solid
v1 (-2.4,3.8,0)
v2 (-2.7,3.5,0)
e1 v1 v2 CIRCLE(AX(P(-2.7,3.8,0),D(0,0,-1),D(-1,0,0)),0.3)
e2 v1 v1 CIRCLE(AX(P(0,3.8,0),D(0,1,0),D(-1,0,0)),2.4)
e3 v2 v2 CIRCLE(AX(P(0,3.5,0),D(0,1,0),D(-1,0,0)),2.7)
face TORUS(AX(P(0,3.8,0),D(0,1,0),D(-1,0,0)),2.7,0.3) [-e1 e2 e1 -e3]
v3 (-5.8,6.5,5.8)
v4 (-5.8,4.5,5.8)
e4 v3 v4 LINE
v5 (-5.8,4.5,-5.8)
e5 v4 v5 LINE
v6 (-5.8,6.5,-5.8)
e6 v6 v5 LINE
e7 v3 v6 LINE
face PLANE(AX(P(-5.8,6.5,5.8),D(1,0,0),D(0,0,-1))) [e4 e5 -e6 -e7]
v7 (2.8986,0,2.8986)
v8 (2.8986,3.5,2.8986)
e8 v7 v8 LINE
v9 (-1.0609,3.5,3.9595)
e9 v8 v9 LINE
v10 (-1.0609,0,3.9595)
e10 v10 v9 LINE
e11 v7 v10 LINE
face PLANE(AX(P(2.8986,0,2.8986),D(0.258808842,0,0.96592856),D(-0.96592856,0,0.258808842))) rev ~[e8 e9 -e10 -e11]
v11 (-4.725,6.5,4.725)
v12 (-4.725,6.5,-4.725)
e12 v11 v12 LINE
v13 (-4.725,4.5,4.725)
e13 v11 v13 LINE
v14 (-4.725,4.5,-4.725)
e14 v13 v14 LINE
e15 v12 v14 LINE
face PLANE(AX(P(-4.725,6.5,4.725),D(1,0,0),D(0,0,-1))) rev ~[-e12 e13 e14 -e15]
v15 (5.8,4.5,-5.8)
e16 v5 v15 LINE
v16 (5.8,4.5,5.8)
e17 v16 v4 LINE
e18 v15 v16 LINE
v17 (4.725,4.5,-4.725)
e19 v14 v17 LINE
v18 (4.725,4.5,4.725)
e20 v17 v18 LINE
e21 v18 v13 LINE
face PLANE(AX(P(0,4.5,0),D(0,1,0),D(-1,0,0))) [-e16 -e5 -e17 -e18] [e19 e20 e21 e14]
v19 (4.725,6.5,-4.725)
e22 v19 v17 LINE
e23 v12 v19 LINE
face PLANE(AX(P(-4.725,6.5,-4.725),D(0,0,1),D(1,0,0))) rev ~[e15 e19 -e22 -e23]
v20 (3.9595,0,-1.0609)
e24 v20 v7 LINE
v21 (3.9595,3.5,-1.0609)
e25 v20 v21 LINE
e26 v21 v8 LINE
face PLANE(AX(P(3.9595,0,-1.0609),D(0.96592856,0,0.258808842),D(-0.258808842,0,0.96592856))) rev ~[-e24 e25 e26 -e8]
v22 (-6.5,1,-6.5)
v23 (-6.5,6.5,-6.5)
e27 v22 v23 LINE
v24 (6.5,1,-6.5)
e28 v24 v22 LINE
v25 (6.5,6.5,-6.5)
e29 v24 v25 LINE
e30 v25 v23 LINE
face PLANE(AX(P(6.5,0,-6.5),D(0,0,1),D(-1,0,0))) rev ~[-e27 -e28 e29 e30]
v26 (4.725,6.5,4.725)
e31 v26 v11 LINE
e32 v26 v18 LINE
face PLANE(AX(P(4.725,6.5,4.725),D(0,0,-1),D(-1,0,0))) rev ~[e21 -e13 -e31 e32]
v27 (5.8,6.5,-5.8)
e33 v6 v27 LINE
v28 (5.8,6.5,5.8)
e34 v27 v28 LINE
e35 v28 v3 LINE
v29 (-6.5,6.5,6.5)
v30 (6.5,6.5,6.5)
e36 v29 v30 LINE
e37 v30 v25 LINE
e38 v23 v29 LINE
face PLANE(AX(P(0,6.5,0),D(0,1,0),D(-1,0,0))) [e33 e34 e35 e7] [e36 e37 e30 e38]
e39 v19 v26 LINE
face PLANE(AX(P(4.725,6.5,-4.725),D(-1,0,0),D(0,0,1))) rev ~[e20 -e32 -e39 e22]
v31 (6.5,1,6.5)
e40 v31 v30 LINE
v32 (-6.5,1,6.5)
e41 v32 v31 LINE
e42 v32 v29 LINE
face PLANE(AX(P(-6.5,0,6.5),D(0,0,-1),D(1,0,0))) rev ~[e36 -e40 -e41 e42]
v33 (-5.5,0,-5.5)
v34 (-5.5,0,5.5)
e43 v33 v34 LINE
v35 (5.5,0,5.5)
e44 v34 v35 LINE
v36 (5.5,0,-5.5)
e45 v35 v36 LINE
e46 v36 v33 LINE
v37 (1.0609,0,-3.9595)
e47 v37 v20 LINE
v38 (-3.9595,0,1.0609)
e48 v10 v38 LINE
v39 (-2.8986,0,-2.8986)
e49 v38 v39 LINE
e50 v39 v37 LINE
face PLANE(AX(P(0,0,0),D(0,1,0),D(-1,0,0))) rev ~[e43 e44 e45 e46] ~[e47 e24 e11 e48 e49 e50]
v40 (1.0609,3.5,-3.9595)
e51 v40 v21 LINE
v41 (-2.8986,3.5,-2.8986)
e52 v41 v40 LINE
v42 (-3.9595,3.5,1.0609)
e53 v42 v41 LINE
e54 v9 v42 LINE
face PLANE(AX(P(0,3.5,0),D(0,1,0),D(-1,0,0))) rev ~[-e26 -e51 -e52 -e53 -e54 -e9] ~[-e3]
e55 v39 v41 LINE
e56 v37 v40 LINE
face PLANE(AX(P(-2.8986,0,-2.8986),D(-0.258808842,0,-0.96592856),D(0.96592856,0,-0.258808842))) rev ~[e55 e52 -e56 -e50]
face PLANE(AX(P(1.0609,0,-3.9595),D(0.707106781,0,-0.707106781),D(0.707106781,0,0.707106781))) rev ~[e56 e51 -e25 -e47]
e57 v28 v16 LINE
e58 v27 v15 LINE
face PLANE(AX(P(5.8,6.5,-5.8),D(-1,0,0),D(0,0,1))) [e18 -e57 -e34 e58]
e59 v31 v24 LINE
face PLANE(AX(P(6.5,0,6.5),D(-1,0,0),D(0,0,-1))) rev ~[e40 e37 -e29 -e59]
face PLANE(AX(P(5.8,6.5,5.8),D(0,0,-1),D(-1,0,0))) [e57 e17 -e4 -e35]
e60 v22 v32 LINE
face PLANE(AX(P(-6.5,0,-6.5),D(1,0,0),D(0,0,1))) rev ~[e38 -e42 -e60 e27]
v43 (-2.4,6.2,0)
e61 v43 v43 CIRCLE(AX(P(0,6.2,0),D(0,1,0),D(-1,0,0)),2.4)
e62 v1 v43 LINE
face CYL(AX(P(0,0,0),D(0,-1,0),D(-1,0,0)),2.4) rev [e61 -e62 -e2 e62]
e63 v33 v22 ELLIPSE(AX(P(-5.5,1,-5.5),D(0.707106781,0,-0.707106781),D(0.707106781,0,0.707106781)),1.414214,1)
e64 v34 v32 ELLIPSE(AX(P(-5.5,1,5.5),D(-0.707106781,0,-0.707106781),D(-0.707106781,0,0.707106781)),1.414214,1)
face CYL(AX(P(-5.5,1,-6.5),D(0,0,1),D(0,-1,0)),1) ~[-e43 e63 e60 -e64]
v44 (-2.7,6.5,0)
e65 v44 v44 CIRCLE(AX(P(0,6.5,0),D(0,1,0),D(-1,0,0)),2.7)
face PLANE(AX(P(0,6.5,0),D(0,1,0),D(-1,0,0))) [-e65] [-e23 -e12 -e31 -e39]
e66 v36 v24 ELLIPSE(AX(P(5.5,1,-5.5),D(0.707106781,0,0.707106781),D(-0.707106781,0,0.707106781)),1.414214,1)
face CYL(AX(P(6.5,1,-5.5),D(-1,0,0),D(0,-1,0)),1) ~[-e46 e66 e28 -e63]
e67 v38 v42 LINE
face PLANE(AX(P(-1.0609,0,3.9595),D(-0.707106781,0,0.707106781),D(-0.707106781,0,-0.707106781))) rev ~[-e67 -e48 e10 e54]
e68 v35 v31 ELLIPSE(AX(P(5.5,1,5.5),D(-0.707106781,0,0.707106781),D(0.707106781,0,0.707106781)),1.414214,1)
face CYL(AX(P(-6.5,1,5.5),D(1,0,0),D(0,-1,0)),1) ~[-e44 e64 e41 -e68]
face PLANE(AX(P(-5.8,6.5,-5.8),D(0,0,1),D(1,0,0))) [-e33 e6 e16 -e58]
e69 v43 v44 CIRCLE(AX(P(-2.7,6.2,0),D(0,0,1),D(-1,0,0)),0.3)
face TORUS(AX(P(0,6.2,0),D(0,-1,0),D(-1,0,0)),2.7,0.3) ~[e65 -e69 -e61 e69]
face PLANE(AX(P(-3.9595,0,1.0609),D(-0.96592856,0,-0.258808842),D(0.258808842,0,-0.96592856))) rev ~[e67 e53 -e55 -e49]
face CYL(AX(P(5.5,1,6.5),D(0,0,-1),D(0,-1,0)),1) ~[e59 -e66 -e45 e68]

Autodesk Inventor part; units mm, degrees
ref_plane "YZ Plane" through (0, 0, 0) normal (1, 0, 0) x (0, 1, 0)
ref_plane "XY Plane" through (0, 0, 0) normal (0, 0, 1) x (1, 0, 0)
ref_plane "作業平面2" through (0, 6.5, 0) normal (0, 1, 0) x (-1, 0, 0)
sketch "スケッチ3" plane through (0, 6.5, 0) normal (0, 1, 0) x (-1, 0, 0)
  line L0 (4.725, -4.725) -> (-4.725, -4.725)
  line L1 (-4.725, -4.725) -> (-4.725, 4.725)
  line L2 (-4.725, 4.725) -> (4.725, 4.725)
  line L3 (4.725, 4.725) -> (4.725, -4.725)
  line L4 (4.725, -4.725) -> (-4.725, 4.725) construction
  line L5 (-4.725, -4.725) -> (4.725, 4.725) construction
  line L6 (5.8, -5.8) -> (-5.8, -5.8)
  line L7 (-5.8, -5.8) -> (-5.8, 5.8)
  line L8 (-5.8, 5.8) -> (5.8, 5.8)
  line L9 (5.8, 5.8) -> (5.8, -5.8)
  line L10 (5.8, -5.8) -> (-5.8, 5.8) construction
  line L11 (-5.8, -5.8) -> (5.8, 5.8) construction
  point P0 (0, 0)
  point P1 (0, 0)
  dimension "d19" = 9.45
  dimension "d20" = 9.45
  dimension "d21" = 11.6
  dimension "d22" = 11.6
sketch "スケッチ1" plane through (0, 0, 0) normal (0, 1, 0) x (-1, 0, 0)
  line L0 (6.5, -6.5) -> (-6.5, 6.5) construction
  line L1 (-6.5, -6.5) -> (6.5, 6.5) construction
  line L2 (1.0609, 3.9595) -> (3.9595, 1.0609)
  line L3 (3.9595, 1.0609) -> (2.8986, -2.8986)
  line L4 (2.8986, -2.8986) -> (-1.0609, -3.9595)
  line L5 (-1.0609, -3.9595) -> (-3.9595, -1.0609)
  line L6 (-3.9595, -1.0609) -> (-2.8986, 2.8986)
  line L7 (-2.8986, 2.8986) -> (1.0609, 3.9595)
  line L8 (-6.5, -6.5) -> (6.5, -6.5)
  line L9 (6.5, -6.5) -> (6.5, 6.5)
  line L10 (6.5, 6.5) -> (-6.5, 6.5)
  line L11 (-6.5, 6.5) -> (-6.5, -6.5)
  line L12 (-6.5, -6.5) -> (6.5, 6.5) construction
  line L13 (6.5, -6.5) -> (-6.5, 6.5) construction
  circle A0 centre (0, 0) radius 2.4
  dimension "d33" = 7.1
  dimension "d34" = 13
  dimension "d35" = 13
  dimension "d36" = 4.8
extrude "押し出し8" add sketch "スケッチ1" along normal blind 6.5 contours L2 L3 L4 L5 L6 L7 | L11 L10 L9 L8 | A0
extrude "押し出し9" cut sketch "スケッチ3" against normal blind 2
extrude "押し出し10" cut sketch "スケッチ1" along normal blind 3.5 contours L2 L3 L4 L5 L6 L7
extrude "押し出し11" cut sketch "スケッチ1" along normal blind 6.5 contours A0
fillet "フィレット2" radius 1 4 edges at (-6.5, 0, 0) (0, 0, 6.5) (0, 0, -6.5) (6.5, 0, 0)
fillet "フィレット3" radius 0.3 1 edges at (2.4, 6.5, 0)
fillet "フィレット4" radius 0.3 1 edges at (2.4, 3.5, 0)
equation "\"d20\" = d19"
equation "\"d22\" = d21"
properties part number "pin_joint_ver1"
